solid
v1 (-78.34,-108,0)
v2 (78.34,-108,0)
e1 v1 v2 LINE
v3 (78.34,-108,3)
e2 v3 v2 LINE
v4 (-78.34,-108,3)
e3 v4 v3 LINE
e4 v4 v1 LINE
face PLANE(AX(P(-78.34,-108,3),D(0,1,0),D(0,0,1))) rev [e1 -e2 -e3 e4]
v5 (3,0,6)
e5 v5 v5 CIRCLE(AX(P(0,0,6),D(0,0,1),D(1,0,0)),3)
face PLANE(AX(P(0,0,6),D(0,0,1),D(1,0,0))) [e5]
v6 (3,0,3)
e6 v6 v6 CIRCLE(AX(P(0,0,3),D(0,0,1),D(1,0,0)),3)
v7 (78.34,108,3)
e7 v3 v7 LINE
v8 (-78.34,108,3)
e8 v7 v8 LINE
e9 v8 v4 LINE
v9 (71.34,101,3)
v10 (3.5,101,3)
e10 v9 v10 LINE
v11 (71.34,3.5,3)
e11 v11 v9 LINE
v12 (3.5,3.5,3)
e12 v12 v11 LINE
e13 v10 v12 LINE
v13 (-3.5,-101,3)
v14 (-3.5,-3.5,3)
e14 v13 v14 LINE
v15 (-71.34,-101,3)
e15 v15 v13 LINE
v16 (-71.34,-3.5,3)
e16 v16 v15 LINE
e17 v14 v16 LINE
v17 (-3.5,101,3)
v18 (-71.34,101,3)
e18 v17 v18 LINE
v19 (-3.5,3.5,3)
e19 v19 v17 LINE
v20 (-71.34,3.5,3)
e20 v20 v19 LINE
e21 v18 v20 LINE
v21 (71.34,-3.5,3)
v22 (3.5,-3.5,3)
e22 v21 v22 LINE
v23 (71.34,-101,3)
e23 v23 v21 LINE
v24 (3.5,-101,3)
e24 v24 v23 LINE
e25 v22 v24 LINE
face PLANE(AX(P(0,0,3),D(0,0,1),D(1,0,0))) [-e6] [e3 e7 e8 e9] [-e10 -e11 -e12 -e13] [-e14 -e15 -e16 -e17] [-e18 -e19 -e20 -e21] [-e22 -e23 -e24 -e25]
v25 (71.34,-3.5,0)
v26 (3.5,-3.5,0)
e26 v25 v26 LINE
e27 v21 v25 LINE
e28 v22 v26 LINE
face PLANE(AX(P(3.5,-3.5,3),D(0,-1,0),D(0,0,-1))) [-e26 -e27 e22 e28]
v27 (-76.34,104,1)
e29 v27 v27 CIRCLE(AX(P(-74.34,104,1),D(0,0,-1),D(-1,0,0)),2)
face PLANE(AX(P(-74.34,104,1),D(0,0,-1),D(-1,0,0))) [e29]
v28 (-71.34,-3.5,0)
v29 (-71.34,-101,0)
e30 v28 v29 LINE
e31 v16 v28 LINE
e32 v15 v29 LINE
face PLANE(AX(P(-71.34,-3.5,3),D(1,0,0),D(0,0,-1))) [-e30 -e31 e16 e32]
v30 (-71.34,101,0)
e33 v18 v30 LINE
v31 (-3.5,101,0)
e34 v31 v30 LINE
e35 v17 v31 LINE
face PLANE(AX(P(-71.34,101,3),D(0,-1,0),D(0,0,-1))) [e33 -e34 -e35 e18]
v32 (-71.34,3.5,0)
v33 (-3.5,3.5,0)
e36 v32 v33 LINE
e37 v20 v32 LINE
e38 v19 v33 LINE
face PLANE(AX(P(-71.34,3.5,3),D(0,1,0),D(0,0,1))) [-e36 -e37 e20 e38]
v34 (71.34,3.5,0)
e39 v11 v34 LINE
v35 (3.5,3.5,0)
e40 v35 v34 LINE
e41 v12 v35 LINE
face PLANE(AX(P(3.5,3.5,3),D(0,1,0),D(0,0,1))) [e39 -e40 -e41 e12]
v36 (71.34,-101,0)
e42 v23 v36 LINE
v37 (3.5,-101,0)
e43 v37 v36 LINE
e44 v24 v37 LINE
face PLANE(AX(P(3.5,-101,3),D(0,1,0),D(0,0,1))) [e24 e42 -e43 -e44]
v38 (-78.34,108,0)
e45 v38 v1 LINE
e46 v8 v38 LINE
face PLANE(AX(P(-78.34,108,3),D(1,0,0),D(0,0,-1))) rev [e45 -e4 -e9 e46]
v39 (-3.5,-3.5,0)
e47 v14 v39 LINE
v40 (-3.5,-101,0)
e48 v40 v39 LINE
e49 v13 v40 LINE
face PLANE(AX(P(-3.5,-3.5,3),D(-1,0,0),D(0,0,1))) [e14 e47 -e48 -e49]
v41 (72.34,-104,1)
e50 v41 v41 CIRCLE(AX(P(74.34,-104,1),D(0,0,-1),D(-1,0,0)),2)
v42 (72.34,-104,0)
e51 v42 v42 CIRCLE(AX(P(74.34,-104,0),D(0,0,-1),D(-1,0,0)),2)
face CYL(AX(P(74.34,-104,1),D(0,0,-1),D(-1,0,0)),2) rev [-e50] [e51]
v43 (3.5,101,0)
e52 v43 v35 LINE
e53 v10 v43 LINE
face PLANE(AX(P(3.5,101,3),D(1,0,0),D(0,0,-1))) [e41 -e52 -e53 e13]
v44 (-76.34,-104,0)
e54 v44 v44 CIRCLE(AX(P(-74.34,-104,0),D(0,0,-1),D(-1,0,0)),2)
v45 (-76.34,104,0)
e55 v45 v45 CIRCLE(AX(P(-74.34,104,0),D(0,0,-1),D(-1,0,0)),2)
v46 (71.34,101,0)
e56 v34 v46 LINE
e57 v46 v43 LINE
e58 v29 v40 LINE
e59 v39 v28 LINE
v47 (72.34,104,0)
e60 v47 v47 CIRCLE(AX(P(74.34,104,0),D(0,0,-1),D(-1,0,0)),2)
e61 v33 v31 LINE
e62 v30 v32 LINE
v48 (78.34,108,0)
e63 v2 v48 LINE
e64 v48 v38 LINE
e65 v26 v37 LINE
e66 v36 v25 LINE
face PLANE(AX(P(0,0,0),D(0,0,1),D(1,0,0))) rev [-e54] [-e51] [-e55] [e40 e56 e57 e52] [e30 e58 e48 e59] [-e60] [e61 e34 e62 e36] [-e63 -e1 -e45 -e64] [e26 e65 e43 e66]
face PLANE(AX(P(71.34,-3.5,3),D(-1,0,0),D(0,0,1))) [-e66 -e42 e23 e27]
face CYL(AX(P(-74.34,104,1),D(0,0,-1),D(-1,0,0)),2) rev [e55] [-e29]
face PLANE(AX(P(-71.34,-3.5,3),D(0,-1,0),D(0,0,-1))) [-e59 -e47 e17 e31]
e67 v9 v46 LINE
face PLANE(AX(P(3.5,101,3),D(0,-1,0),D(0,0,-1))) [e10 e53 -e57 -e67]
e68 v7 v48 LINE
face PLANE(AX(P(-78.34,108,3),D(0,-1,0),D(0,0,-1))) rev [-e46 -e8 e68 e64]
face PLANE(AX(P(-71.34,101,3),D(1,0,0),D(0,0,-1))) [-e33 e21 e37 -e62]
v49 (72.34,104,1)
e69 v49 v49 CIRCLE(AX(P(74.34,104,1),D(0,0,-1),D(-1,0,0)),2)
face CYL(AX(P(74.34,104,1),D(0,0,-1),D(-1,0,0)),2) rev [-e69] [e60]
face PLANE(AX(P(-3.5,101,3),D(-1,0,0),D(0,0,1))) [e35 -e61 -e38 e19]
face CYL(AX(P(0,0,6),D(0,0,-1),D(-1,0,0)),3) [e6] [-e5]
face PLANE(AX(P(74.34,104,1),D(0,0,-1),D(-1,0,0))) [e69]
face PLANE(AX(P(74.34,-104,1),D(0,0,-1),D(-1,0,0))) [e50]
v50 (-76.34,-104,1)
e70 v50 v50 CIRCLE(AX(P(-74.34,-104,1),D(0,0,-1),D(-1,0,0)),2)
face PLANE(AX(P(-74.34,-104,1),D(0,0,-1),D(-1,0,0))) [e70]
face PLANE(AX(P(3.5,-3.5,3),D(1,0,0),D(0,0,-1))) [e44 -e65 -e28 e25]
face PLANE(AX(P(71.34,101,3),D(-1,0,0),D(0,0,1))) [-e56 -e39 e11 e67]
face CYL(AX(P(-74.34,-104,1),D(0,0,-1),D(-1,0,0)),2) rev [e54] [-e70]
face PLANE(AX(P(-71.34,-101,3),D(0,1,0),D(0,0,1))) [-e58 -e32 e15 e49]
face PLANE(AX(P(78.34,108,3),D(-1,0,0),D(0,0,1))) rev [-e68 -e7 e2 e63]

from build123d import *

# Parameters (mm, degrees)
ESBO_O1_W                = 156.68
ESBO_O1_H                = 216
ESBO_O1_W_2              = 67.84
ESBO_O1_H_2              = 97.5
RESSALTO_EXTRUS_O1_DEPTH = 3
ESBO_O2_R                = 3
RESSALTO_EXTRUS_O2_DEPTH = 3
ESBO_O3_R                = 2
CORTE_EXTRUS_O1_DEPTH    = 1


with BuildPart() as part:
    # Esboço1 → Ressalto-extrusão1 (new body)
    with BuildSketch(Plane.XY):
        Rectangle(ESBO_O1_W, ESBO_O1_H)
        with Locations((-37.42, 52.25)):
            Rectangle(ESBO_O1_W_2, ESBO_O1_H_2, mode=Mode.SUBTRACT)
        with Locations((37.42, 52.25)):
            Rectangle(ESBO_O1_W_2, ESBO_O1_H_2, mode=Mode.SUBTRACT)
        with Locations((-37.42, -52.25)):
            Rectangle(ESBO_O1_W_2, ESBO_O1_H_2, mode=Mode.SUBTRACT)
        with Locations((37.42, -52.25)):
            Rectangle(ESBO_O1_W_2, ESBO_O1_H_2, mode=Mode.SUBTRACT)
    extrude(amount=RESSALTO_EXTRUS_O1_DEPTH)

    # Esboço2 → Ressalto-extrusão2 (add)
    with BuildSketch(Plane.XY.offset(3)):
        Circle(ESBO_O2_R)
    extrude(amount=RESSALTO_EXTRUS_O2_DEPTH)

    # Esboço3 → Corte-extrusão1 (cut)
    with BuildSketch(Plane(origin=(0, 0, 0), x_dir=(-1, 0, 0), z_dir=(0, 0, -1))):
        with Locations((-74.34, 104)):
            Circle(ESBO_O3_R)
        with Locations((74.34, 104)):
            Circle(ESBO_O3_R)
        with Locations((74.34, -104)):
            Circle(ESBO_O3_R)
        with Locations((-74.34, -104)):
            Circle(ESBO_O3_R)
    extrude(amount=-CORTE_EXTRUS_O1_DEPTH, mode=Mode.SUBTRACT)


solid = part.part
